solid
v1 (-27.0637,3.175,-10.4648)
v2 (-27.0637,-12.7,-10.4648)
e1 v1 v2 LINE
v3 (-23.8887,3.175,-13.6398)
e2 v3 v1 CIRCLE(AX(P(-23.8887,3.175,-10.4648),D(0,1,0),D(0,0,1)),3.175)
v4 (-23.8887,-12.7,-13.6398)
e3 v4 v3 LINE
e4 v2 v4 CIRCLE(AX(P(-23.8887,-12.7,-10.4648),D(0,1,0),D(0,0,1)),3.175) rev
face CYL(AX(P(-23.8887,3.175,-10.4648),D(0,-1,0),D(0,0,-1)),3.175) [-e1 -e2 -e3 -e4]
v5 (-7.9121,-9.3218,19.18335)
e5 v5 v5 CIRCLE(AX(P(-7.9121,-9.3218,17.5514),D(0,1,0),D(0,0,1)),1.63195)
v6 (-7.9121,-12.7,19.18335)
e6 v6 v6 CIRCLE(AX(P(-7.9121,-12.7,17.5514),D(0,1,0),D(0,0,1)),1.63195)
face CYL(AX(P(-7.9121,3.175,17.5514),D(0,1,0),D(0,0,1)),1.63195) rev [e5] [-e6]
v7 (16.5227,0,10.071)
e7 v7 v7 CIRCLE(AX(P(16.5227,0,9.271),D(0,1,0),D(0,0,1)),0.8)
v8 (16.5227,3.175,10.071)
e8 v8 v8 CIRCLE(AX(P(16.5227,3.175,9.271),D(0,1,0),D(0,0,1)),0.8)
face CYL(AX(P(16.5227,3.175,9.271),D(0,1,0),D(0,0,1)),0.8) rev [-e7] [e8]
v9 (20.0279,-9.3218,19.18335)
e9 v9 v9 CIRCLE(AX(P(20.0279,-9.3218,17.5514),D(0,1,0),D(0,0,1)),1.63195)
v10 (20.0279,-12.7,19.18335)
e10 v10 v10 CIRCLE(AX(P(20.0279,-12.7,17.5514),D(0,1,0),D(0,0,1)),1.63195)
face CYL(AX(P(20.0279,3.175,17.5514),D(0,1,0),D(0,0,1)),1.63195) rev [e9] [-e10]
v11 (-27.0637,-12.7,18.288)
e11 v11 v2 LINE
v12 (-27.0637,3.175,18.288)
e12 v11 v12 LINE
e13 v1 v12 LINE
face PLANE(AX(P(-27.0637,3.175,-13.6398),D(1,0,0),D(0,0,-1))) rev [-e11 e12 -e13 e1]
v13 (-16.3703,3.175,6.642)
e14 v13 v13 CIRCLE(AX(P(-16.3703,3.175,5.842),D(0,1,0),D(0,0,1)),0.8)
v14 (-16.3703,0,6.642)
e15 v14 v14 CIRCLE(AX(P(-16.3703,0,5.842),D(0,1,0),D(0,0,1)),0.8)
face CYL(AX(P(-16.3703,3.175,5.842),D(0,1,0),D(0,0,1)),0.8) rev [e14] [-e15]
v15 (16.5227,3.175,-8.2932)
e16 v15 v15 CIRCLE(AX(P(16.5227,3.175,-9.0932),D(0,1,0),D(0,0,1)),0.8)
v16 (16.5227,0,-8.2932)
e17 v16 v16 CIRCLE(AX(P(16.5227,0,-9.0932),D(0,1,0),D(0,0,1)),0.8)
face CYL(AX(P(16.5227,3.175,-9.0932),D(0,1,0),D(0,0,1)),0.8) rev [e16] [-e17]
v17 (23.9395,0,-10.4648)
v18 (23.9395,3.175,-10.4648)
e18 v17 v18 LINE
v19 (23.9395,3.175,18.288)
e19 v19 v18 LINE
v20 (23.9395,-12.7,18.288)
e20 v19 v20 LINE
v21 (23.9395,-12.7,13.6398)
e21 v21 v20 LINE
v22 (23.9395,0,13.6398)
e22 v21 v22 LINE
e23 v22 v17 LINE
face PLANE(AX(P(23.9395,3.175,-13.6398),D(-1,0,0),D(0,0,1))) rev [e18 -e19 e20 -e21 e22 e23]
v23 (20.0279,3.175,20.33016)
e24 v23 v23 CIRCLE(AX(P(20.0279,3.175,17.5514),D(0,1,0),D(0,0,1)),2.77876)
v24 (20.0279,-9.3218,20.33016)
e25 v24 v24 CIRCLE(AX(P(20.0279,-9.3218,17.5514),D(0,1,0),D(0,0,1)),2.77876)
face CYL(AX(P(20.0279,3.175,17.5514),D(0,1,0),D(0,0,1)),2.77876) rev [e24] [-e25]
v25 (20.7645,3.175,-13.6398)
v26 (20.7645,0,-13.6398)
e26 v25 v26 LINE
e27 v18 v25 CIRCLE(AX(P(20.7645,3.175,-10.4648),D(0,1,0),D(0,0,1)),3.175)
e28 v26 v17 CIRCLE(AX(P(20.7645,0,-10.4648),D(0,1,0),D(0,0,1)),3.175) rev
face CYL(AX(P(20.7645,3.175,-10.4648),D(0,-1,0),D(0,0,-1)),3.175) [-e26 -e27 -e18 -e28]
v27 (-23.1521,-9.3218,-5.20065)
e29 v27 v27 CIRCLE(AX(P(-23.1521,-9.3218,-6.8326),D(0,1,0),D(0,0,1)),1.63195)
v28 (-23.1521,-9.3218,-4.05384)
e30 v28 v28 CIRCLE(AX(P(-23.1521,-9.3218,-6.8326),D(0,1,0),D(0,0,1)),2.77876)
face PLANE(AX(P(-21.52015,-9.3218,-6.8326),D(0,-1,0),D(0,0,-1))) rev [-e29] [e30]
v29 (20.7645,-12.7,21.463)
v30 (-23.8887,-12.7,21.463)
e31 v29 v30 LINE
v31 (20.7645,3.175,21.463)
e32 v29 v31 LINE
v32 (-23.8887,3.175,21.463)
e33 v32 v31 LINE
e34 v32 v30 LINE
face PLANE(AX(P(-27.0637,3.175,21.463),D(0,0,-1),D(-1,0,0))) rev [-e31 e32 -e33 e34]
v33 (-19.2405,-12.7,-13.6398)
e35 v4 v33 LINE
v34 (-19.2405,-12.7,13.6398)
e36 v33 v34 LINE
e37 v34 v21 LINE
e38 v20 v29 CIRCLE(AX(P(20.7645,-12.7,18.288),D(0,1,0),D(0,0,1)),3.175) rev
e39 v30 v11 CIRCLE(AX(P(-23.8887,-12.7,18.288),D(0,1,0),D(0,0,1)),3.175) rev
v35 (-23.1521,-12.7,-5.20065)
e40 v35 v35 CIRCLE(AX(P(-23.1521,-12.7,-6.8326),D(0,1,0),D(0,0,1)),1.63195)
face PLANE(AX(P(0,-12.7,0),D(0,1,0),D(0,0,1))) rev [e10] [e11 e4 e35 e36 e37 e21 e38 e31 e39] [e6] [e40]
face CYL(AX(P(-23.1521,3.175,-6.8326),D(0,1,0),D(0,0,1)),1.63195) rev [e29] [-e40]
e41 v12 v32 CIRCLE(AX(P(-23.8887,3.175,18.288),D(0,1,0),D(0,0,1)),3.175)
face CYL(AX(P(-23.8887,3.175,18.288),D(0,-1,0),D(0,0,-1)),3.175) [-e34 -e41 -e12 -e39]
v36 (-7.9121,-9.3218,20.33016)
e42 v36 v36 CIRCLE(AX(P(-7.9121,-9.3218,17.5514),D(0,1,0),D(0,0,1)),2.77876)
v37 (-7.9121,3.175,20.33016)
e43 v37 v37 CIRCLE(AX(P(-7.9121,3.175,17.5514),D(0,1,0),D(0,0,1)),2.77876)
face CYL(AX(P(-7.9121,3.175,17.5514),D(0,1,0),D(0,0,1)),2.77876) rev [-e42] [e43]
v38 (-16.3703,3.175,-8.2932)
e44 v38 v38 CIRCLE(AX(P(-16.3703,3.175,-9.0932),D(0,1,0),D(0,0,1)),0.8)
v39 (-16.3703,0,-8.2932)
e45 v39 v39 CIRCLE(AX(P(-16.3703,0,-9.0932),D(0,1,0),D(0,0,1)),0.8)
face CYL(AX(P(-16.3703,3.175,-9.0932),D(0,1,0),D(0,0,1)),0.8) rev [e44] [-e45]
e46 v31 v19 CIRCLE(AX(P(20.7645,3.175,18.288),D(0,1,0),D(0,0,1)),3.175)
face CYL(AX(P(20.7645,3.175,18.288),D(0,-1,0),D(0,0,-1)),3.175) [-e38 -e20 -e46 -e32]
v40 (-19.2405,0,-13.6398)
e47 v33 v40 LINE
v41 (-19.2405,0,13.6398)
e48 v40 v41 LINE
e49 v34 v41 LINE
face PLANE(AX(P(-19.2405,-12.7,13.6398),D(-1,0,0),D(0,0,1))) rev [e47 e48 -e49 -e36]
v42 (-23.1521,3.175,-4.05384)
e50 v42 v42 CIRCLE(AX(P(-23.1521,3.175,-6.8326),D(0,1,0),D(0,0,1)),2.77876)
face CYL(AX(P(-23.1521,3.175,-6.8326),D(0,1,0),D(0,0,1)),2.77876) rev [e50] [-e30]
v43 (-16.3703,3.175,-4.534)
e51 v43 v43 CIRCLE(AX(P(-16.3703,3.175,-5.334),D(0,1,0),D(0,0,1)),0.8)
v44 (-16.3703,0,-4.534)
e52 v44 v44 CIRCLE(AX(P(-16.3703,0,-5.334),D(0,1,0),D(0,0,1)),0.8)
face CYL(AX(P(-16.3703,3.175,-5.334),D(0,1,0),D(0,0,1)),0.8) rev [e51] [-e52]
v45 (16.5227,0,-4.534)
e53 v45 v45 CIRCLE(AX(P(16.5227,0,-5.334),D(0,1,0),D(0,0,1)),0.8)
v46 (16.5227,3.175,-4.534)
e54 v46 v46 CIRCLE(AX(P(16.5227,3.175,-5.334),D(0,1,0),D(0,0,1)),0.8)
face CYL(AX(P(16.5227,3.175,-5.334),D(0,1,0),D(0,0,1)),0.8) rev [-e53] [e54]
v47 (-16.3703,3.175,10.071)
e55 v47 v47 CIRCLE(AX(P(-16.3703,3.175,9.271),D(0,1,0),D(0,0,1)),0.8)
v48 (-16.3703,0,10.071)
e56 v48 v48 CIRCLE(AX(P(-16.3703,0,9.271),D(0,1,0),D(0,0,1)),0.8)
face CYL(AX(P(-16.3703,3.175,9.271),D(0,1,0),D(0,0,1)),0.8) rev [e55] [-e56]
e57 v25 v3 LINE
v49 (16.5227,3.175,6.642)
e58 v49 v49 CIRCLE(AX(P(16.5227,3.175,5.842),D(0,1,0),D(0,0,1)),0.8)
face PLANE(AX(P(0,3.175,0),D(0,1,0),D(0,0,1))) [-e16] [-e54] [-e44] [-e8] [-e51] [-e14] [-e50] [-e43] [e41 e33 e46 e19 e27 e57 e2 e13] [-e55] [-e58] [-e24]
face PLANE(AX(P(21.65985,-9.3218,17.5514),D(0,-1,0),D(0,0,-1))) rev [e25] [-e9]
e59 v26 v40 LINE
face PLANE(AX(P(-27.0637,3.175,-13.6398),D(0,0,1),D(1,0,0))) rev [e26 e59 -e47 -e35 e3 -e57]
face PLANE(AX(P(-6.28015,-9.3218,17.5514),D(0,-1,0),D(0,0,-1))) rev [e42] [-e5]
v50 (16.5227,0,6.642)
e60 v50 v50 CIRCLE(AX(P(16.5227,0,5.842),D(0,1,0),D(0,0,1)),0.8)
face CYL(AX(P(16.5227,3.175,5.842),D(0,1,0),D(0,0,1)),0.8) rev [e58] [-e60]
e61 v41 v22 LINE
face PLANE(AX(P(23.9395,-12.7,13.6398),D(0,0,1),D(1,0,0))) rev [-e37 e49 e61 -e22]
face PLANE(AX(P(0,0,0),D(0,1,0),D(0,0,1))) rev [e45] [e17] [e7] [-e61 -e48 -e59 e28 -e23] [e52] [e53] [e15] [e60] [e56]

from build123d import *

# Parameters (mm, degrees)
SKETCH2_W                                      = 51.0032
SKETCH2_H                                      = 35.1028
BOSS_EXTRUDE1_DEPTH                            = 3.175
BOSS_EXTRUDE3_DEPTH                            = 12.7
M2X0_4_TAPPED_HOLE2_D                          = 1.6
CBORE_FOR_4_SOCKET_HEAD_CAP_SCREW4_D           = 3.2639
CBORE_FOR_4_SOCKET_HEAD_CAP_SCREW4_CBORE_D     = 5.55752
CBORE_FOR_4_SOCKET_HEAD_CAP_SCREW4_CBORE_DEPTH = 12.4968
FILLET1_R                                      = 3.175


with BuildPart() as part:
    # Sketch2 → Boss-Extrude1 (new body)
    with BuildSketch(Plane(origin=(0, 0, 0), x_dir=(1, 0, 0), z_dir=(0, 1, 0))):
        with Locations((-1.5621, -3.9116)):
            Rectangle(SKETCH2_W, SKETCH2_H)
    extrude(amount=BOSS_EXTRUDE1_DEPTH)

    # Sketch14 → Boss-Extrude3 (add)
    with BuildSketch(Plane.XZ):
        Polygon((-27.0637, -13.6398), (-27.0637, 21.463), (23.9395, 21.463), (23.9395, 13.6398), (-19.2405, 13.6398), (-19.2405, -13.6398), align=None)
    extrude(amount=BOSS_EXTRUDE3_DEPTH)

    # M2x0.4 Tapped Hole2 (through all)
    with Locations(Plane(origin=(0, 3.175, 0), x_dir=(1, 0, 0), z_dir=(0, 1, 0))):
        with Locations((-16.3703, 9.0932), (-16.3703, 5.334), (-16.3703, -5.842), (-16.3703, -9.271), (16.5227, -9.271), (16.5227, -5.842), (16.5227, 5.334), (16.5227, 9.0932)):
            Hole(M2X0_4_TAPPED_HOLE2_D / 2)

    # CBORE for #4 Socket Head Cap Screw4 (through all)
    with Locations(Plane(origin=(0, 3.175, 0), x_dir=(1, 0, 0), z_dir=(0, 1, 0))):
        with Locations((-23.1521, 6.8326), (-7.9121, -17.5514), (20.0279, -17.5514)):
            CounterBoreHole(CBORE_FOR_4_SOCKET_HEAD_CAP_SCREW4_D / 2, CBORE_FOR_4_SOCKET_HEAD_CAP_SCREW4_CBORE_D / 2, CBORE_FOR_4_SOCKET_HEAD_CAP_SCREW4_CBORE_DEPTH)

    # Fillet1
    fillet1_edges = [part.edges().sort_by_distance(p)[0] for p in [
        (23.9395, -4.7625, 21.463),
        (23.9395, 1.5875, -13.6398),
        (-27.0637, -4.7625, -13.6398),
        (-27.0637, -4.7625, 21.463),
    ]]
    fillet(fillet1_edges, radius=FILLET1_R)


solid = part.part
